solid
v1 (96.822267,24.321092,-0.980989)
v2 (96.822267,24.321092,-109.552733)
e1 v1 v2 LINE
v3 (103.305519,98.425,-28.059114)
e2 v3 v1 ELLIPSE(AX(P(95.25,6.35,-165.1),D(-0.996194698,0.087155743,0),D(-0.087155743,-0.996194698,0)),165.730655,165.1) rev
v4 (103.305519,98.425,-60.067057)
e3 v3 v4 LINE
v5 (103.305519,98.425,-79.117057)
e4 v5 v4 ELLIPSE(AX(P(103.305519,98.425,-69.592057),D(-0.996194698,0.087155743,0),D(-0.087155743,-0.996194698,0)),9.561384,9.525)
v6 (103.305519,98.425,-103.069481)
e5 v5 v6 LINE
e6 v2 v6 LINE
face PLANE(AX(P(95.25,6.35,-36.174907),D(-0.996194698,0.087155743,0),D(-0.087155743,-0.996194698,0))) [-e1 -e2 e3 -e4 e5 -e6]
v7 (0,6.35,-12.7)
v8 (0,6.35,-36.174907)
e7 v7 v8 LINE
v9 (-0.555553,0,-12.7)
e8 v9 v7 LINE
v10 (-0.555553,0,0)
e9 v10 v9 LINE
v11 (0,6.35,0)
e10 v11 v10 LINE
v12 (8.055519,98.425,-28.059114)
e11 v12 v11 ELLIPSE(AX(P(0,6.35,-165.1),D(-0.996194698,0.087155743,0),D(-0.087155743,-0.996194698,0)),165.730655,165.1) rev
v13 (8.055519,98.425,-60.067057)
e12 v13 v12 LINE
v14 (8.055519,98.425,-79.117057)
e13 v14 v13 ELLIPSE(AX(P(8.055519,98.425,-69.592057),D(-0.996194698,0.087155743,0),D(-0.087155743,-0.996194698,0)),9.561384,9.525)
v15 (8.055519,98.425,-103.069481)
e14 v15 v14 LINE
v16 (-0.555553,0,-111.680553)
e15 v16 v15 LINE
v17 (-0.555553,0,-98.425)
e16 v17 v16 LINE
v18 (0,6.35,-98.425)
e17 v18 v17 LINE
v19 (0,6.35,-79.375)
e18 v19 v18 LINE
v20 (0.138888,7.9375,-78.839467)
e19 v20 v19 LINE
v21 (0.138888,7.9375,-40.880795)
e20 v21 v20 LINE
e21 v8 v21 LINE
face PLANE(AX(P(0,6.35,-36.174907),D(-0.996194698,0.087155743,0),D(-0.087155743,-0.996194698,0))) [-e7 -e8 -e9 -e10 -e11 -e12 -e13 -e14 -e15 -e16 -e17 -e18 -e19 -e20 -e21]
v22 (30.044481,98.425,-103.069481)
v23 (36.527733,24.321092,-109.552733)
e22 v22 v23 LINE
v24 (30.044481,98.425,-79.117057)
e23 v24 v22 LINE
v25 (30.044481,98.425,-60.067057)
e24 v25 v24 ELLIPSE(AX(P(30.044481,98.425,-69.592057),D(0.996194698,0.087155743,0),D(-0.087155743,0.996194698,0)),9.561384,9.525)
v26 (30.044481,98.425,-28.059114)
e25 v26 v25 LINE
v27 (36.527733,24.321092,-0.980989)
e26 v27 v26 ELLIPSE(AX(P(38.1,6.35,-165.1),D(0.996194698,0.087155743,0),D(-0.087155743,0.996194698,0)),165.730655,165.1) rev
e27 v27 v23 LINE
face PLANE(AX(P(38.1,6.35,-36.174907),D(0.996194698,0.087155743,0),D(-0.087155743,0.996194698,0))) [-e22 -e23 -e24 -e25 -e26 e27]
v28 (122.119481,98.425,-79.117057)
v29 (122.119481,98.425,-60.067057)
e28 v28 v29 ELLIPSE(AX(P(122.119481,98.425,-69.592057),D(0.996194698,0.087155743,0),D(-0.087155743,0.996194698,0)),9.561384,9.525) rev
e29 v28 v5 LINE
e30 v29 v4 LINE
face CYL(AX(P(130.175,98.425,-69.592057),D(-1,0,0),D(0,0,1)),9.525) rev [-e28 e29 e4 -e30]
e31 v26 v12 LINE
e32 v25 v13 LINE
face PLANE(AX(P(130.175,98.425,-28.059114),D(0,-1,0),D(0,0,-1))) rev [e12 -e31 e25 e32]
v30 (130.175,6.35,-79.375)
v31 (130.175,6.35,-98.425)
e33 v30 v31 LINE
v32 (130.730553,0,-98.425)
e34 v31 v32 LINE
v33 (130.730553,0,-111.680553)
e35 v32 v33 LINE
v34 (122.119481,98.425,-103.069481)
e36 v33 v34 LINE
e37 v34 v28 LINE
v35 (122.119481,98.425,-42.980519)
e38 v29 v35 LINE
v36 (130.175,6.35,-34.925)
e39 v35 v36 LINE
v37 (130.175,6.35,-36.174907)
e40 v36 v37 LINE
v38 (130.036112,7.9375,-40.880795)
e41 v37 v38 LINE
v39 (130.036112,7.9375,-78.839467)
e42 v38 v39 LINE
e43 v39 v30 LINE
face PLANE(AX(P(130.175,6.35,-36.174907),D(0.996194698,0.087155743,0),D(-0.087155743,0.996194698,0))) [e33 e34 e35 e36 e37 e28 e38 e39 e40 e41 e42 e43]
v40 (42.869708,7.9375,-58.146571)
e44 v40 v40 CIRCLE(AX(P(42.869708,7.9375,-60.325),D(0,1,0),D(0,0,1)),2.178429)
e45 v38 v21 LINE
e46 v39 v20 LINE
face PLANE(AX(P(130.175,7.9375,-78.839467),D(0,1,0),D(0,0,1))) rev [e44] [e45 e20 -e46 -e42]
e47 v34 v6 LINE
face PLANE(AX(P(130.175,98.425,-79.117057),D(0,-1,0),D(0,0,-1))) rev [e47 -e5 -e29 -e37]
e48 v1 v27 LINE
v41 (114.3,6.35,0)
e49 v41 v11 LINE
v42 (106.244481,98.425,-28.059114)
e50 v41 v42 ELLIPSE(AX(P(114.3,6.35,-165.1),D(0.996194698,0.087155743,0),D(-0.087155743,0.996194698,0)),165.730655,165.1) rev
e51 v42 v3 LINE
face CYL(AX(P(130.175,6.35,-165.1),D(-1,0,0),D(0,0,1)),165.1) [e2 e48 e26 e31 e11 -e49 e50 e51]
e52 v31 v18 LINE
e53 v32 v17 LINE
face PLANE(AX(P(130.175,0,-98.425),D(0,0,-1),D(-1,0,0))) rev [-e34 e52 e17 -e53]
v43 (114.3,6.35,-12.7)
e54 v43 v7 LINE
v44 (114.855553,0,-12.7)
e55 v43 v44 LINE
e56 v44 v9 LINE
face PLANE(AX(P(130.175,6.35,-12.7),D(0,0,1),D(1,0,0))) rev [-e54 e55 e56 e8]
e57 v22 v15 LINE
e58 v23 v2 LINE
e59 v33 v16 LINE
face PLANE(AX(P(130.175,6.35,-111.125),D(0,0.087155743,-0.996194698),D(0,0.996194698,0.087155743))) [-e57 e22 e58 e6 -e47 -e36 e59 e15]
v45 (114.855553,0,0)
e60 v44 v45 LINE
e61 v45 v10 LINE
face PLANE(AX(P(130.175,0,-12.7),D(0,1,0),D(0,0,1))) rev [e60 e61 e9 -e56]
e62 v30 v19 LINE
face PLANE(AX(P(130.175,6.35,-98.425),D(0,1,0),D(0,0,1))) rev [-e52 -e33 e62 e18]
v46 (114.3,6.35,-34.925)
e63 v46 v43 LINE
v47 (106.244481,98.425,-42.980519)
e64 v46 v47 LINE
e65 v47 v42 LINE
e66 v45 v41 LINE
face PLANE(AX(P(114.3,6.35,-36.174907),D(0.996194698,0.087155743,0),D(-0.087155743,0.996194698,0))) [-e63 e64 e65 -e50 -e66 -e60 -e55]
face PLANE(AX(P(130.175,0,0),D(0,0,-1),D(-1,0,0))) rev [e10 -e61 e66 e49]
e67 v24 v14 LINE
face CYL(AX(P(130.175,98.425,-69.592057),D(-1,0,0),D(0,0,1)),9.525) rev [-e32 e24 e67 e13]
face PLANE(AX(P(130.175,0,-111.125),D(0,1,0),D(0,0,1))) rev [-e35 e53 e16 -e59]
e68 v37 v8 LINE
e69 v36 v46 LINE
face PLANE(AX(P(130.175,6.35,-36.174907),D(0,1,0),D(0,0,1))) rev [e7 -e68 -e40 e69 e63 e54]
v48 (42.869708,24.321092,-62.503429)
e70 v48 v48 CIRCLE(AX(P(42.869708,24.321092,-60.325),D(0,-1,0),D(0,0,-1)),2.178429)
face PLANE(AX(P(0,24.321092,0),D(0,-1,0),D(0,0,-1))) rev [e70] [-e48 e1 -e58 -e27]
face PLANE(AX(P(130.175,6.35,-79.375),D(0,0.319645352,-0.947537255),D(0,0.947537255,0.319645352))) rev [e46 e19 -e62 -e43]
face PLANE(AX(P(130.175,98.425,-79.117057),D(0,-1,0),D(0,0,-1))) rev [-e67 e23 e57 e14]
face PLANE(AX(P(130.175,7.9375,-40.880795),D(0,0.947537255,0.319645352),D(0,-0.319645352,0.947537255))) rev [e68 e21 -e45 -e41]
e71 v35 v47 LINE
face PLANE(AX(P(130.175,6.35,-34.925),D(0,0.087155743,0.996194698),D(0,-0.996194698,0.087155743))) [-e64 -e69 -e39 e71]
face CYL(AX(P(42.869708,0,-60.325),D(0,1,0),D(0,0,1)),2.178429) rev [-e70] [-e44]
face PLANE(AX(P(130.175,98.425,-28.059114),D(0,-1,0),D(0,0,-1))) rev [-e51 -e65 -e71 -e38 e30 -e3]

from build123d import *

# Parameters (mm, degrees)
BOSS_EXTRUDE1_DEPTH     = 130.175
CUT_EXTRUDE1_DEPTH      = 198.438033
CUT_EXTRUDE1_DEPTH_BACK = 198.438033
SKETCH2_W               = 57.15
SKETCH2_H               = 74.103907915
SKETCH3_W               = 15.875
SKETCH3_H               = 34.925
CUT_EXTRUDE2_DEPTH      = 198.438033
DRAFT1_ANGLE            = -5
CUT_EXTRUDE3_DEPTH      = 188.228236601
CUT_EXTRUDE3_DEPTH_BACK = 188.228236601
SKETCH4_R               = 2.178428953


with BuildPart() as part:
    # Sketch1 → Boss-Extrude1 (new body)
    with BuildSketch(Plane(origin=(0, 0, 0), x_dir=(0, 0, -1), z_dir=(1, 0, 0))):
        with BuildLine():
            Line((0, 0), (0, 6.35))
            ThreePointArc((0, 6.35), (7.170490025, 54.477745417), (28.059114221, 98.425))
            Line((28.059114221, 98.425), (60.067057111, 98.425))
            ThreePointArc((60.067057111, 98.425), (69.592057111, 88.9), (79.117057111, 98.425))
            Line((79.117057111, 98.425), (111.125, 98.425))
            Line((111.125, 98.425), (111.125, 0))
            Line((111.125, 0), (98.425, 0))
            Line((98.425, 0), (98.425, 6.35))
            Line((98.425, 6.35), (79.375, 6.35))
            Line((79.375, 6.35), (78.839467499, 7.9375))
            Line((78.839467499, 7.9375), (40.880795395, 7.9375))
            Line((40.880795395, 7.9375), (36.174906872, 6.35))
            Line((36.174906872, 6.35), (12.7, 6.35))
            Line((12.7, 6.35), (12.7, 0))
            Line((12.7, 0), (0, 0))
        make_face()
    extrude(amount=BOSS_EXTRUDE1_DEPTH)

    # Sketch2 → Cut-Extrude1 (cut, two sides: drawn at the far end of the back side and taken through both)
    with BuildSketch(Plane(origin=(0, 0, -111.125), x_dir=(-1, 0, 0), z_dir=(0, 0, -1)).offset(-CUT_EXTRUDE1_DEPTH_BACK)):
        with Locations((-66.675, 61.373046043)):
            Rectangle(SKETCH2_W, SKETCH2_H)
    extrude(amount=CUT_EXTRUDE1_DEPTH + CUT_EXTRUDE1_DEPTH_BACK, mode=Mode.SUBTRACT)

    # Sketch3 → Cut-Extrude2 (cut, through all)
    with BuildSketch(Plane(origin=(0, 98.425, 0), x_dir=(1, 0, 0), z_dir=(0, 1, 0))):
        with Locations((122.2375, 17.4625)):
            Rectangle(SKETCH3_W, SKETCH3_H)
    extrude(amount=-CUT_EXTRUDE2_DEPTH, mode=Mode.SUBTRACT)

    # Draft1
    draft1_faces = [part.faces().sort_by_distance(p)[0] for p in [
        (1.631962354, 49.2125, -111.125),
        (122.2375, 52.3875, -34.925),
        (130.175, 51.366021229, -73.60068913),
        (114.3, 42.899391588, -20.187689821),
        (95.25, 59.043863813, -60.63952827),
        (0, 49.133887707, -59.518940982),
        (38.1, 59.043863813, -60.63952827),
    ]]
    draft(draft1_faces, Plane(origin=(130.175, 6.35, -36.174906872), x_dir=(0, 0, -1), z_dir=(0, -1, 0)), DRAFT1_ANGLE)

    # Sketch4 → Cut-Extrude3 (cut, two sides: drawn at the far end of the back side and taken through both)
    with BuildSketch(Plane(origin=(0, 24.321092085, 0), x_dir=(1, 0, 0), z_dir=(0, 1, 0)).offset(-CUT_EXTRUDE3_DEPTH_BACK)):
        with Locations(Location((42.869708487, 60.325, 0), (0, 0, 270))):
            Circle(SKETCH4_R)
    extrude(amount=CUT_EXTRUDE3_DEPTH + CUT_EXTRUDE3_DEPTH_BACK, mode=Mode.SUBTRACT)


solid = part.part
